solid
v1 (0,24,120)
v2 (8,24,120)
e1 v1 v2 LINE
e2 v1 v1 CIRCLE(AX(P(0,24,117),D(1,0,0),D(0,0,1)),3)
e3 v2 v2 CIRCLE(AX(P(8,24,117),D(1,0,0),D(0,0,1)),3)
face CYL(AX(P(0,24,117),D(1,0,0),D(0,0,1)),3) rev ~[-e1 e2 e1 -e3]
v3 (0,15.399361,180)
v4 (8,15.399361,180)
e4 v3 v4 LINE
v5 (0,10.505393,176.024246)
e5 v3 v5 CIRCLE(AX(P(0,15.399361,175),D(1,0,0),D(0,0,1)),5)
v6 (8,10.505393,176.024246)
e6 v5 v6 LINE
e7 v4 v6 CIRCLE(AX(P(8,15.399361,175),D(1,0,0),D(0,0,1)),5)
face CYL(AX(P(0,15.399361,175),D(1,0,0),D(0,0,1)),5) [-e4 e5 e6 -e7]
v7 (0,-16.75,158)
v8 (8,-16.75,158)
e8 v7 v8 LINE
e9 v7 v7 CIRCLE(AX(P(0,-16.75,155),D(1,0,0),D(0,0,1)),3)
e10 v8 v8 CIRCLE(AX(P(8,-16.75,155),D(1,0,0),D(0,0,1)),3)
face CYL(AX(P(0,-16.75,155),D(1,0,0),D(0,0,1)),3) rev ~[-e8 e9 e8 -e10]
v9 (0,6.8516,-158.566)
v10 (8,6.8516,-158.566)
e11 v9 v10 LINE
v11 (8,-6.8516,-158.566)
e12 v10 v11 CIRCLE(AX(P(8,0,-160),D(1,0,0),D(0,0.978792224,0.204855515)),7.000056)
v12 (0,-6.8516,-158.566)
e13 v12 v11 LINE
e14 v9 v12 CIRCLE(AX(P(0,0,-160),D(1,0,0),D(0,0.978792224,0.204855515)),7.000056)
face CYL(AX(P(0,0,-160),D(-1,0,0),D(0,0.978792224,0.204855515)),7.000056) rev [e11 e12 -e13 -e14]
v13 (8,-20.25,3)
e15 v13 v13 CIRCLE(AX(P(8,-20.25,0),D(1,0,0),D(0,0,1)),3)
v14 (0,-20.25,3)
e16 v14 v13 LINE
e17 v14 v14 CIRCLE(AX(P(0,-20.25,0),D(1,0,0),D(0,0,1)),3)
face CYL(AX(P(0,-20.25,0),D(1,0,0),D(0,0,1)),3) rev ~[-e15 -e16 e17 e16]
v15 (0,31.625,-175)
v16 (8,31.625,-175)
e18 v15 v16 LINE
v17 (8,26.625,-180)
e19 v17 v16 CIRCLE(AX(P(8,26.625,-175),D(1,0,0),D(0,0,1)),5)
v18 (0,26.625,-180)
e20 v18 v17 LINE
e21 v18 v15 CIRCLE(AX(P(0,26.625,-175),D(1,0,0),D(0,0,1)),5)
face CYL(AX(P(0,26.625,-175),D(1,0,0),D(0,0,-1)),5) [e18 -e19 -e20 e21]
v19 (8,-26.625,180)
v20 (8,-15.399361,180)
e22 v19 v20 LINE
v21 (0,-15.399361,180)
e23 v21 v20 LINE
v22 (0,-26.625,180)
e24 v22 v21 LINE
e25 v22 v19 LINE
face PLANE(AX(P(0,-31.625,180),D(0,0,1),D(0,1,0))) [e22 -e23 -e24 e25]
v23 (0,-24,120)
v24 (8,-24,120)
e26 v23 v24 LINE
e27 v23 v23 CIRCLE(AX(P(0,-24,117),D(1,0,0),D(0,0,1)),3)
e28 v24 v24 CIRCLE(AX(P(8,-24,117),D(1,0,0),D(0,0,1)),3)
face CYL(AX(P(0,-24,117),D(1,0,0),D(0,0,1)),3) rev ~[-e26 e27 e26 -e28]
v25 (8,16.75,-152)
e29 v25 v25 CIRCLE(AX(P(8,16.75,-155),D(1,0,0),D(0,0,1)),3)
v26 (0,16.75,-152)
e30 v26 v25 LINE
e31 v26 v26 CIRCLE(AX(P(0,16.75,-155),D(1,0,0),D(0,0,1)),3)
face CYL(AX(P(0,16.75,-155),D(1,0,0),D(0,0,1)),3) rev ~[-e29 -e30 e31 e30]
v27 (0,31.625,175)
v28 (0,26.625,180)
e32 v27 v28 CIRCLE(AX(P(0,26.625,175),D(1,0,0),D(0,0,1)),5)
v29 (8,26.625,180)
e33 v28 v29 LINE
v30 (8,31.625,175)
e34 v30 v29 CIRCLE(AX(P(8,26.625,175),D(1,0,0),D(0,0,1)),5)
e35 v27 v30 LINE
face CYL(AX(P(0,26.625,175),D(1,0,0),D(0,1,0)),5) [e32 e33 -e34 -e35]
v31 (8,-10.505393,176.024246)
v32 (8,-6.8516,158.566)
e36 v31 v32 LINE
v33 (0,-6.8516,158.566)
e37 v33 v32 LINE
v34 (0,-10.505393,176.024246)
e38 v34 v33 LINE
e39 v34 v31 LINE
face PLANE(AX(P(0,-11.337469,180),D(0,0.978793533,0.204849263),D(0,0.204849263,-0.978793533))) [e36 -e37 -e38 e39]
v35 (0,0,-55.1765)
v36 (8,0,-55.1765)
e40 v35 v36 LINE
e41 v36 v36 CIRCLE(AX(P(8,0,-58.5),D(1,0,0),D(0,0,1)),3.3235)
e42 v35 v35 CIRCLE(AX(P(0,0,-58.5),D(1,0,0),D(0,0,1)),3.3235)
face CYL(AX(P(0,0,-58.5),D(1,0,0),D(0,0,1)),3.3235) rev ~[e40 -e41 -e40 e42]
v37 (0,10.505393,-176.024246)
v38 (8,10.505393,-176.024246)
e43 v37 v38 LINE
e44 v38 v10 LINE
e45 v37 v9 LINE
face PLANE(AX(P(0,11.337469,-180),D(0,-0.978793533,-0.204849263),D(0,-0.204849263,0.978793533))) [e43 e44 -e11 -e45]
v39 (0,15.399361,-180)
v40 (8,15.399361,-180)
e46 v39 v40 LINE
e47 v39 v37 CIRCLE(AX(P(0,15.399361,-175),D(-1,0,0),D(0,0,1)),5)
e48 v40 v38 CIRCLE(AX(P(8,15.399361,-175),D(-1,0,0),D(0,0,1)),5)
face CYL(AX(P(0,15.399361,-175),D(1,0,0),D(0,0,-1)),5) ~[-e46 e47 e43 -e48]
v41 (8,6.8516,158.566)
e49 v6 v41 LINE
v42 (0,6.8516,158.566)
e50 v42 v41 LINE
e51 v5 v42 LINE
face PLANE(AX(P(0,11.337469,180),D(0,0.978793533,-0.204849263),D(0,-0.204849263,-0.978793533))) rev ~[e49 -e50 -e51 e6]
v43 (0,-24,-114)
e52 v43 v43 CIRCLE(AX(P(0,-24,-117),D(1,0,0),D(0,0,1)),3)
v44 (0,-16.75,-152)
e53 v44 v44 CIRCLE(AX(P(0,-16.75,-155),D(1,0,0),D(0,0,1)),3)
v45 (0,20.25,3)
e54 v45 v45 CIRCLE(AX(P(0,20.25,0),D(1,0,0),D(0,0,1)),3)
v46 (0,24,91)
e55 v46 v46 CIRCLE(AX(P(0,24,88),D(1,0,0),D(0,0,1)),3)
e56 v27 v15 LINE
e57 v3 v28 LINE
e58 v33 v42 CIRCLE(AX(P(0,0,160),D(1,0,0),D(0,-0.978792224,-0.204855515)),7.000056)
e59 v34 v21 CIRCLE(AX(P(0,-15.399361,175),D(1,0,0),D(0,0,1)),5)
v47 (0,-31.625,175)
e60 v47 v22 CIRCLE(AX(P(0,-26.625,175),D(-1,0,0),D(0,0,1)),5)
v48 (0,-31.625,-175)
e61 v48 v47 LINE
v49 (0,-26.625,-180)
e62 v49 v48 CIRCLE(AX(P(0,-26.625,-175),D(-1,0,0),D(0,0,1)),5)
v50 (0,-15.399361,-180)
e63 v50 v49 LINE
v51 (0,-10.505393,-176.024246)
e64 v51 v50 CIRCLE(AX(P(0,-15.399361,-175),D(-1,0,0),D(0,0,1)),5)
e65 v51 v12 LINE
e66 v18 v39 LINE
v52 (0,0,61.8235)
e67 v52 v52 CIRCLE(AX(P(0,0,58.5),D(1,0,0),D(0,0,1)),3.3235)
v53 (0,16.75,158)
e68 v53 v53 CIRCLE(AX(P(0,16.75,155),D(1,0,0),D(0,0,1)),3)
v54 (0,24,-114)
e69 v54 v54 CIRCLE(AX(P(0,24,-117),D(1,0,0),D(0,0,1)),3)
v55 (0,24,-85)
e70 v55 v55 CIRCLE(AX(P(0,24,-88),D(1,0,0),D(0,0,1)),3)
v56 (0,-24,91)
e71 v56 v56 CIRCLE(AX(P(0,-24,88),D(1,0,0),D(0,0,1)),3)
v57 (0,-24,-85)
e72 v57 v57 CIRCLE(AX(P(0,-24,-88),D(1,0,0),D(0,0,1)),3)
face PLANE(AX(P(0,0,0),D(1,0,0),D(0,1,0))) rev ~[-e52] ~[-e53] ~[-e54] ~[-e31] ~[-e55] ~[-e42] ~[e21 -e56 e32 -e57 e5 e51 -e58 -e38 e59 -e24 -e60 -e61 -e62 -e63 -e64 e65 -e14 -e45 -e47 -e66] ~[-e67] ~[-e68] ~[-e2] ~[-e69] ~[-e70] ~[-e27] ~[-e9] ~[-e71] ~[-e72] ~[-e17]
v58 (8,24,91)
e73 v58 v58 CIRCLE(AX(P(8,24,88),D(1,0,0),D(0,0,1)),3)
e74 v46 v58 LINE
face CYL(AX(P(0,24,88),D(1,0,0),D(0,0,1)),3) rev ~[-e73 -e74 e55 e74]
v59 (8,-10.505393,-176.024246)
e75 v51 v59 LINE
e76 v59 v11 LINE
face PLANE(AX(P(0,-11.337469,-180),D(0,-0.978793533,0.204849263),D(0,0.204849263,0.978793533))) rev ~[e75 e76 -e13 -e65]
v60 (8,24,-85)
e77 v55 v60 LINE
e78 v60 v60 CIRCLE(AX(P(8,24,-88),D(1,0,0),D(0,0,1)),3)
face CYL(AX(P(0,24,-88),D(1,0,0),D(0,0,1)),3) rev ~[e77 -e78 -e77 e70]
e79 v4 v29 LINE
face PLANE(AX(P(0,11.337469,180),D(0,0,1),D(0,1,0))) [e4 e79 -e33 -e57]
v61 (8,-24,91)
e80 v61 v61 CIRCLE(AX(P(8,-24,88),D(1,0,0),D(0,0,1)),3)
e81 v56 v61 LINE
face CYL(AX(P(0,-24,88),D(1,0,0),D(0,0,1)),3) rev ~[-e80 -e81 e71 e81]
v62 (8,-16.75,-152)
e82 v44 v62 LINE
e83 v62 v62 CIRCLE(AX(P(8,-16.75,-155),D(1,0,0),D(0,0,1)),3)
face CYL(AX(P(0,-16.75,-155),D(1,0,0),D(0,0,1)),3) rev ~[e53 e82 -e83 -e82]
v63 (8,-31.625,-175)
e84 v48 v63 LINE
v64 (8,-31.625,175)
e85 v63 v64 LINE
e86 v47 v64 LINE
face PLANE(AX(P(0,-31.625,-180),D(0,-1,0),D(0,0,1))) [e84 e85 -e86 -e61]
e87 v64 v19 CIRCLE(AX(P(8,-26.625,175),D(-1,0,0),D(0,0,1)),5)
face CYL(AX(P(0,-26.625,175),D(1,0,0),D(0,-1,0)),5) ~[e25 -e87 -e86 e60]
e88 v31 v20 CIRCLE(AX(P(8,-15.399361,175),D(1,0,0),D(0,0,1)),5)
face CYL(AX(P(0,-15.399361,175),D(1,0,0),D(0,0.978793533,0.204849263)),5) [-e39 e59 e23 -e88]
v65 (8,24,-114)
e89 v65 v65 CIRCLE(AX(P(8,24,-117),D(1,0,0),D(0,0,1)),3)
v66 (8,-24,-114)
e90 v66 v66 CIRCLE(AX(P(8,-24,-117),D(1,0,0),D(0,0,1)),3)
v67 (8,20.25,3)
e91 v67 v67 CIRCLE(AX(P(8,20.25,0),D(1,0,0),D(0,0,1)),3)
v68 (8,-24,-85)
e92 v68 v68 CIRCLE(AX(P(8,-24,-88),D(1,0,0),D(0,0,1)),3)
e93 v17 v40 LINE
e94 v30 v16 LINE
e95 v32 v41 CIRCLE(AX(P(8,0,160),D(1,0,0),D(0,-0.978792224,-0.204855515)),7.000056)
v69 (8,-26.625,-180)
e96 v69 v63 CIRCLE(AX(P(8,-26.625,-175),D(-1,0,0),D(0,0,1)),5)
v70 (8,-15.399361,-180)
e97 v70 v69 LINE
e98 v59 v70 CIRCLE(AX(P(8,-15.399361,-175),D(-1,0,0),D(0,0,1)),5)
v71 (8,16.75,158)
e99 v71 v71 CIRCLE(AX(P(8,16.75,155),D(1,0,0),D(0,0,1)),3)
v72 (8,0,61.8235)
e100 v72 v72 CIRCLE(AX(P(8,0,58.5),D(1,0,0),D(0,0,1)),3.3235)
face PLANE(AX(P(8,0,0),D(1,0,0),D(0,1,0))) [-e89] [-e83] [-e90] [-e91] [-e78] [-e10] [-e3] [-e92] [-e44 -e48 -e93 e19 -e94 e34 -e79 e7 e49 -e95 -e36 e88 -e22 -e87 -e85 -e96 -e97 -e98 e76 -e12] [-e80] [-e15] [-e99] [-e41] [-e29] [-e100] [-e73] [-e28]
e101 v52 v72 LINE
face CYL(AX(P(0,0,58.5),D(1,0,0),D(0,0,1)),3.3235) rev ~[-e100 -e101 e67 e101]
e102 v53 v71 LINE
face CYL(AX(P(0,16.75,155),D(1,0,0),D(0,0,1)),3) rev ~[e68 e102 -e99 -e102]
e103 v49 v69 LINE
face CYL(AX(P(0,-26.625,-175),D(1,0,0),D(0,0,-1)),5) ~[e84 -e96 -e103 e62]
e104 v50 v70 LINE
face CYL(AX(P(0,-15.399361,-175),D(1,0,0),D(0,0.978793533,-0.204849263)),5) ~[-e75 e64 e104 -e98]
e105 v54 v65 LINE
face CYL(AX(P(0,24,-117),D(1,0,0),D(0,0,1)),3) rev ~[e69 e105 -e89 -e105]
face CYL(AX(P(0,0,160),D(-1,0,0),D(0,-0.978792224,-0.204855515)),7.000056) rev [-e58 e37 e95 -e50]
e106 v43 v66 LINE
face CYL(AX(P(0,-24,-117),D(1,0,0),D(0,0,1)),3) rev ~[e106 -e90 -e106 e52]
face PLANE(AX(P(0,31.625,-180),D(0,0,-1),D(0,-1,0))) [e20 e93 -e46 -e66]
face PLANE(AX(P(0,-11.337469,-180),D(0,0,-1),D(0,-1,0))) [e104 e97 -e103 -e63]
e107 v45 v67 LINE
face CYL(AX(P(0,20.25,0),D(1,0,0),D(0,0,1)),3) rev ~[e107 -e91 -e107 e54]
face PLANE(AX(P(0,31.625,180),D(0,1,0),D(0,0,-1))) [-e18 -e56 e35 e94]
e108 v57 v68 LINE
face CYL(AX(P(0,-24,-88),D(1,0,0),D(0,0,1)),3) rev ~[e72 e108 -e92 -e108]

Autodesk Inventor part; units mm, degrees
ref_plane "YZ Plane" through (0, 0, 0) normal (1, 0, 0) x (0, 1, 0)
ref_plane "XZ Plane" through (0, 0, 0) normal (0, 1, 0) x (-1, 0, 0)
ref_plane "XY Plane" through (0, 0, 0) normal (0, 0, 1) x (1, 0, 0)
sketch "Sketch1" plane through (0, 0, 0) normal (1, 0, 0) x (0, 1, 0)
  line L0 (31.625, -180) -> (-31.625, -180)
  line L1 (-31.625, -180) -> (-31.625, 180)
  line L2 (-31.625, 180) -> (31.625, 180)
  line L3 (31.625, 180) -> (31.625, -180)
  line L4 (31.625, -180) -> (-31.625, 180) construction
  line L5 (-31.625, -180) -> (31.625, 180) construction
  line L6 (-31.625, 0) -> (31.625, 0) construction
  line L7 (0, 180) -> (0, -180) construction
  line L8 (24, -88) -> (-24, -88) construction
  line L9 (24, -117) -> (-24, -117) construction
  line L10 (16.75, -155) -> (-16.75, -155) construction
  line L11 (24, 88) -> (-24, 88) construction
  line L12 (24, 117) -> (-24, 117) construction
  line L13 (16.75, 155) -> (-16.75, 155) construction
  line L14 (24, -117) -> (24, -88) construction
  arc A0 (-6.8516, 158.566) -> (6.8516, 158.566) centre (0, 160) ccw
  line L15 (-15, 197.5) -> (15, 197.5)
  line L16 (15, 197.5) -> (6.8516, 158.566)
  line L17 (-15, 197.5) -> (-6.8516, 158.566)
  arc A1 (6.8516, -158.566) -> (-6.8516, -158.566) centre (0, -160) ccw
  line L18 (-15, -197.5) -> (15, -197.5)
  line L19 (15, -197.5) -> (6.8516, -158.566)
  line L20 (-15, -197.5) -> (-6.8516, -158.566)
  point P0 (0, 0)
  point P1 (-20.25, 0)
  point P2 (20.25, 0)
  point P3 (0, 155)
  point P4 (-11.3374, -180)
  point P5 (11.3374, -180)
  point P6 (11.3374, 180)
  point P7 (-11.3374, 180)
  point P8 (0, 58.5)
  point P9 (0, -58.5)
  dimension "d0" = 63.25
  dimension "d1" = 360
  dimension "d2" = 40.5
  dimension "d3" = 176
  dimension "d4" = 29
  dimension "d5" = 48
  dimension "d6" = 33.5
  dimension "d7" = 310
  dimension "d8" = 30
  dimension "d9" = 37.5
  dimension "d10" = 14
  dimension "d11" = 320
  dimension "d21" = 117
extrude "Extrusion1" add sketch "Sketch1" along normal blind 8 contours L0 L19 A1 L20 L1 L2 L17 A0 L16 L3
hole "Phi6-H7" at (0, -20.25, 0) at (0, 20.25, 0) at (0, 24, -88) at (0, 24, -117) at (0, 16.75, -155) at (0, -24, -88) at (0, -24, -117) at (0, -16.75, -155) at (0, 24, 88) at (0, 24, 117) at (0, 16.75, 155) at (0, -16.75, 155) at (0, -24, 117) at (0, -24, 88) at (0, 0, 160) at (0, 0, -160) direction (1, 0, 0) diameter 6 end through all
hole "M8" at (0, 0, 58.5) at (0, 0, -58.5) direction (1, 0, 0) diameter 6.647 end through all thread size "M8x1.25" class "6H" standard "ANSI Metric M Profile"
fillet "R5" radius 5 8 edges at (4, 31.625, 180) (4, -31.625, 180) (4, 31.625, -180) (4, 11.3374, -180) (4, -11.3374, -180) (4, -31.625, -180) (4, -11.3374, 180) (4, 11.3374, 180)
properties part number "InitialPositioningFrame" material "Aluminum 7075"
